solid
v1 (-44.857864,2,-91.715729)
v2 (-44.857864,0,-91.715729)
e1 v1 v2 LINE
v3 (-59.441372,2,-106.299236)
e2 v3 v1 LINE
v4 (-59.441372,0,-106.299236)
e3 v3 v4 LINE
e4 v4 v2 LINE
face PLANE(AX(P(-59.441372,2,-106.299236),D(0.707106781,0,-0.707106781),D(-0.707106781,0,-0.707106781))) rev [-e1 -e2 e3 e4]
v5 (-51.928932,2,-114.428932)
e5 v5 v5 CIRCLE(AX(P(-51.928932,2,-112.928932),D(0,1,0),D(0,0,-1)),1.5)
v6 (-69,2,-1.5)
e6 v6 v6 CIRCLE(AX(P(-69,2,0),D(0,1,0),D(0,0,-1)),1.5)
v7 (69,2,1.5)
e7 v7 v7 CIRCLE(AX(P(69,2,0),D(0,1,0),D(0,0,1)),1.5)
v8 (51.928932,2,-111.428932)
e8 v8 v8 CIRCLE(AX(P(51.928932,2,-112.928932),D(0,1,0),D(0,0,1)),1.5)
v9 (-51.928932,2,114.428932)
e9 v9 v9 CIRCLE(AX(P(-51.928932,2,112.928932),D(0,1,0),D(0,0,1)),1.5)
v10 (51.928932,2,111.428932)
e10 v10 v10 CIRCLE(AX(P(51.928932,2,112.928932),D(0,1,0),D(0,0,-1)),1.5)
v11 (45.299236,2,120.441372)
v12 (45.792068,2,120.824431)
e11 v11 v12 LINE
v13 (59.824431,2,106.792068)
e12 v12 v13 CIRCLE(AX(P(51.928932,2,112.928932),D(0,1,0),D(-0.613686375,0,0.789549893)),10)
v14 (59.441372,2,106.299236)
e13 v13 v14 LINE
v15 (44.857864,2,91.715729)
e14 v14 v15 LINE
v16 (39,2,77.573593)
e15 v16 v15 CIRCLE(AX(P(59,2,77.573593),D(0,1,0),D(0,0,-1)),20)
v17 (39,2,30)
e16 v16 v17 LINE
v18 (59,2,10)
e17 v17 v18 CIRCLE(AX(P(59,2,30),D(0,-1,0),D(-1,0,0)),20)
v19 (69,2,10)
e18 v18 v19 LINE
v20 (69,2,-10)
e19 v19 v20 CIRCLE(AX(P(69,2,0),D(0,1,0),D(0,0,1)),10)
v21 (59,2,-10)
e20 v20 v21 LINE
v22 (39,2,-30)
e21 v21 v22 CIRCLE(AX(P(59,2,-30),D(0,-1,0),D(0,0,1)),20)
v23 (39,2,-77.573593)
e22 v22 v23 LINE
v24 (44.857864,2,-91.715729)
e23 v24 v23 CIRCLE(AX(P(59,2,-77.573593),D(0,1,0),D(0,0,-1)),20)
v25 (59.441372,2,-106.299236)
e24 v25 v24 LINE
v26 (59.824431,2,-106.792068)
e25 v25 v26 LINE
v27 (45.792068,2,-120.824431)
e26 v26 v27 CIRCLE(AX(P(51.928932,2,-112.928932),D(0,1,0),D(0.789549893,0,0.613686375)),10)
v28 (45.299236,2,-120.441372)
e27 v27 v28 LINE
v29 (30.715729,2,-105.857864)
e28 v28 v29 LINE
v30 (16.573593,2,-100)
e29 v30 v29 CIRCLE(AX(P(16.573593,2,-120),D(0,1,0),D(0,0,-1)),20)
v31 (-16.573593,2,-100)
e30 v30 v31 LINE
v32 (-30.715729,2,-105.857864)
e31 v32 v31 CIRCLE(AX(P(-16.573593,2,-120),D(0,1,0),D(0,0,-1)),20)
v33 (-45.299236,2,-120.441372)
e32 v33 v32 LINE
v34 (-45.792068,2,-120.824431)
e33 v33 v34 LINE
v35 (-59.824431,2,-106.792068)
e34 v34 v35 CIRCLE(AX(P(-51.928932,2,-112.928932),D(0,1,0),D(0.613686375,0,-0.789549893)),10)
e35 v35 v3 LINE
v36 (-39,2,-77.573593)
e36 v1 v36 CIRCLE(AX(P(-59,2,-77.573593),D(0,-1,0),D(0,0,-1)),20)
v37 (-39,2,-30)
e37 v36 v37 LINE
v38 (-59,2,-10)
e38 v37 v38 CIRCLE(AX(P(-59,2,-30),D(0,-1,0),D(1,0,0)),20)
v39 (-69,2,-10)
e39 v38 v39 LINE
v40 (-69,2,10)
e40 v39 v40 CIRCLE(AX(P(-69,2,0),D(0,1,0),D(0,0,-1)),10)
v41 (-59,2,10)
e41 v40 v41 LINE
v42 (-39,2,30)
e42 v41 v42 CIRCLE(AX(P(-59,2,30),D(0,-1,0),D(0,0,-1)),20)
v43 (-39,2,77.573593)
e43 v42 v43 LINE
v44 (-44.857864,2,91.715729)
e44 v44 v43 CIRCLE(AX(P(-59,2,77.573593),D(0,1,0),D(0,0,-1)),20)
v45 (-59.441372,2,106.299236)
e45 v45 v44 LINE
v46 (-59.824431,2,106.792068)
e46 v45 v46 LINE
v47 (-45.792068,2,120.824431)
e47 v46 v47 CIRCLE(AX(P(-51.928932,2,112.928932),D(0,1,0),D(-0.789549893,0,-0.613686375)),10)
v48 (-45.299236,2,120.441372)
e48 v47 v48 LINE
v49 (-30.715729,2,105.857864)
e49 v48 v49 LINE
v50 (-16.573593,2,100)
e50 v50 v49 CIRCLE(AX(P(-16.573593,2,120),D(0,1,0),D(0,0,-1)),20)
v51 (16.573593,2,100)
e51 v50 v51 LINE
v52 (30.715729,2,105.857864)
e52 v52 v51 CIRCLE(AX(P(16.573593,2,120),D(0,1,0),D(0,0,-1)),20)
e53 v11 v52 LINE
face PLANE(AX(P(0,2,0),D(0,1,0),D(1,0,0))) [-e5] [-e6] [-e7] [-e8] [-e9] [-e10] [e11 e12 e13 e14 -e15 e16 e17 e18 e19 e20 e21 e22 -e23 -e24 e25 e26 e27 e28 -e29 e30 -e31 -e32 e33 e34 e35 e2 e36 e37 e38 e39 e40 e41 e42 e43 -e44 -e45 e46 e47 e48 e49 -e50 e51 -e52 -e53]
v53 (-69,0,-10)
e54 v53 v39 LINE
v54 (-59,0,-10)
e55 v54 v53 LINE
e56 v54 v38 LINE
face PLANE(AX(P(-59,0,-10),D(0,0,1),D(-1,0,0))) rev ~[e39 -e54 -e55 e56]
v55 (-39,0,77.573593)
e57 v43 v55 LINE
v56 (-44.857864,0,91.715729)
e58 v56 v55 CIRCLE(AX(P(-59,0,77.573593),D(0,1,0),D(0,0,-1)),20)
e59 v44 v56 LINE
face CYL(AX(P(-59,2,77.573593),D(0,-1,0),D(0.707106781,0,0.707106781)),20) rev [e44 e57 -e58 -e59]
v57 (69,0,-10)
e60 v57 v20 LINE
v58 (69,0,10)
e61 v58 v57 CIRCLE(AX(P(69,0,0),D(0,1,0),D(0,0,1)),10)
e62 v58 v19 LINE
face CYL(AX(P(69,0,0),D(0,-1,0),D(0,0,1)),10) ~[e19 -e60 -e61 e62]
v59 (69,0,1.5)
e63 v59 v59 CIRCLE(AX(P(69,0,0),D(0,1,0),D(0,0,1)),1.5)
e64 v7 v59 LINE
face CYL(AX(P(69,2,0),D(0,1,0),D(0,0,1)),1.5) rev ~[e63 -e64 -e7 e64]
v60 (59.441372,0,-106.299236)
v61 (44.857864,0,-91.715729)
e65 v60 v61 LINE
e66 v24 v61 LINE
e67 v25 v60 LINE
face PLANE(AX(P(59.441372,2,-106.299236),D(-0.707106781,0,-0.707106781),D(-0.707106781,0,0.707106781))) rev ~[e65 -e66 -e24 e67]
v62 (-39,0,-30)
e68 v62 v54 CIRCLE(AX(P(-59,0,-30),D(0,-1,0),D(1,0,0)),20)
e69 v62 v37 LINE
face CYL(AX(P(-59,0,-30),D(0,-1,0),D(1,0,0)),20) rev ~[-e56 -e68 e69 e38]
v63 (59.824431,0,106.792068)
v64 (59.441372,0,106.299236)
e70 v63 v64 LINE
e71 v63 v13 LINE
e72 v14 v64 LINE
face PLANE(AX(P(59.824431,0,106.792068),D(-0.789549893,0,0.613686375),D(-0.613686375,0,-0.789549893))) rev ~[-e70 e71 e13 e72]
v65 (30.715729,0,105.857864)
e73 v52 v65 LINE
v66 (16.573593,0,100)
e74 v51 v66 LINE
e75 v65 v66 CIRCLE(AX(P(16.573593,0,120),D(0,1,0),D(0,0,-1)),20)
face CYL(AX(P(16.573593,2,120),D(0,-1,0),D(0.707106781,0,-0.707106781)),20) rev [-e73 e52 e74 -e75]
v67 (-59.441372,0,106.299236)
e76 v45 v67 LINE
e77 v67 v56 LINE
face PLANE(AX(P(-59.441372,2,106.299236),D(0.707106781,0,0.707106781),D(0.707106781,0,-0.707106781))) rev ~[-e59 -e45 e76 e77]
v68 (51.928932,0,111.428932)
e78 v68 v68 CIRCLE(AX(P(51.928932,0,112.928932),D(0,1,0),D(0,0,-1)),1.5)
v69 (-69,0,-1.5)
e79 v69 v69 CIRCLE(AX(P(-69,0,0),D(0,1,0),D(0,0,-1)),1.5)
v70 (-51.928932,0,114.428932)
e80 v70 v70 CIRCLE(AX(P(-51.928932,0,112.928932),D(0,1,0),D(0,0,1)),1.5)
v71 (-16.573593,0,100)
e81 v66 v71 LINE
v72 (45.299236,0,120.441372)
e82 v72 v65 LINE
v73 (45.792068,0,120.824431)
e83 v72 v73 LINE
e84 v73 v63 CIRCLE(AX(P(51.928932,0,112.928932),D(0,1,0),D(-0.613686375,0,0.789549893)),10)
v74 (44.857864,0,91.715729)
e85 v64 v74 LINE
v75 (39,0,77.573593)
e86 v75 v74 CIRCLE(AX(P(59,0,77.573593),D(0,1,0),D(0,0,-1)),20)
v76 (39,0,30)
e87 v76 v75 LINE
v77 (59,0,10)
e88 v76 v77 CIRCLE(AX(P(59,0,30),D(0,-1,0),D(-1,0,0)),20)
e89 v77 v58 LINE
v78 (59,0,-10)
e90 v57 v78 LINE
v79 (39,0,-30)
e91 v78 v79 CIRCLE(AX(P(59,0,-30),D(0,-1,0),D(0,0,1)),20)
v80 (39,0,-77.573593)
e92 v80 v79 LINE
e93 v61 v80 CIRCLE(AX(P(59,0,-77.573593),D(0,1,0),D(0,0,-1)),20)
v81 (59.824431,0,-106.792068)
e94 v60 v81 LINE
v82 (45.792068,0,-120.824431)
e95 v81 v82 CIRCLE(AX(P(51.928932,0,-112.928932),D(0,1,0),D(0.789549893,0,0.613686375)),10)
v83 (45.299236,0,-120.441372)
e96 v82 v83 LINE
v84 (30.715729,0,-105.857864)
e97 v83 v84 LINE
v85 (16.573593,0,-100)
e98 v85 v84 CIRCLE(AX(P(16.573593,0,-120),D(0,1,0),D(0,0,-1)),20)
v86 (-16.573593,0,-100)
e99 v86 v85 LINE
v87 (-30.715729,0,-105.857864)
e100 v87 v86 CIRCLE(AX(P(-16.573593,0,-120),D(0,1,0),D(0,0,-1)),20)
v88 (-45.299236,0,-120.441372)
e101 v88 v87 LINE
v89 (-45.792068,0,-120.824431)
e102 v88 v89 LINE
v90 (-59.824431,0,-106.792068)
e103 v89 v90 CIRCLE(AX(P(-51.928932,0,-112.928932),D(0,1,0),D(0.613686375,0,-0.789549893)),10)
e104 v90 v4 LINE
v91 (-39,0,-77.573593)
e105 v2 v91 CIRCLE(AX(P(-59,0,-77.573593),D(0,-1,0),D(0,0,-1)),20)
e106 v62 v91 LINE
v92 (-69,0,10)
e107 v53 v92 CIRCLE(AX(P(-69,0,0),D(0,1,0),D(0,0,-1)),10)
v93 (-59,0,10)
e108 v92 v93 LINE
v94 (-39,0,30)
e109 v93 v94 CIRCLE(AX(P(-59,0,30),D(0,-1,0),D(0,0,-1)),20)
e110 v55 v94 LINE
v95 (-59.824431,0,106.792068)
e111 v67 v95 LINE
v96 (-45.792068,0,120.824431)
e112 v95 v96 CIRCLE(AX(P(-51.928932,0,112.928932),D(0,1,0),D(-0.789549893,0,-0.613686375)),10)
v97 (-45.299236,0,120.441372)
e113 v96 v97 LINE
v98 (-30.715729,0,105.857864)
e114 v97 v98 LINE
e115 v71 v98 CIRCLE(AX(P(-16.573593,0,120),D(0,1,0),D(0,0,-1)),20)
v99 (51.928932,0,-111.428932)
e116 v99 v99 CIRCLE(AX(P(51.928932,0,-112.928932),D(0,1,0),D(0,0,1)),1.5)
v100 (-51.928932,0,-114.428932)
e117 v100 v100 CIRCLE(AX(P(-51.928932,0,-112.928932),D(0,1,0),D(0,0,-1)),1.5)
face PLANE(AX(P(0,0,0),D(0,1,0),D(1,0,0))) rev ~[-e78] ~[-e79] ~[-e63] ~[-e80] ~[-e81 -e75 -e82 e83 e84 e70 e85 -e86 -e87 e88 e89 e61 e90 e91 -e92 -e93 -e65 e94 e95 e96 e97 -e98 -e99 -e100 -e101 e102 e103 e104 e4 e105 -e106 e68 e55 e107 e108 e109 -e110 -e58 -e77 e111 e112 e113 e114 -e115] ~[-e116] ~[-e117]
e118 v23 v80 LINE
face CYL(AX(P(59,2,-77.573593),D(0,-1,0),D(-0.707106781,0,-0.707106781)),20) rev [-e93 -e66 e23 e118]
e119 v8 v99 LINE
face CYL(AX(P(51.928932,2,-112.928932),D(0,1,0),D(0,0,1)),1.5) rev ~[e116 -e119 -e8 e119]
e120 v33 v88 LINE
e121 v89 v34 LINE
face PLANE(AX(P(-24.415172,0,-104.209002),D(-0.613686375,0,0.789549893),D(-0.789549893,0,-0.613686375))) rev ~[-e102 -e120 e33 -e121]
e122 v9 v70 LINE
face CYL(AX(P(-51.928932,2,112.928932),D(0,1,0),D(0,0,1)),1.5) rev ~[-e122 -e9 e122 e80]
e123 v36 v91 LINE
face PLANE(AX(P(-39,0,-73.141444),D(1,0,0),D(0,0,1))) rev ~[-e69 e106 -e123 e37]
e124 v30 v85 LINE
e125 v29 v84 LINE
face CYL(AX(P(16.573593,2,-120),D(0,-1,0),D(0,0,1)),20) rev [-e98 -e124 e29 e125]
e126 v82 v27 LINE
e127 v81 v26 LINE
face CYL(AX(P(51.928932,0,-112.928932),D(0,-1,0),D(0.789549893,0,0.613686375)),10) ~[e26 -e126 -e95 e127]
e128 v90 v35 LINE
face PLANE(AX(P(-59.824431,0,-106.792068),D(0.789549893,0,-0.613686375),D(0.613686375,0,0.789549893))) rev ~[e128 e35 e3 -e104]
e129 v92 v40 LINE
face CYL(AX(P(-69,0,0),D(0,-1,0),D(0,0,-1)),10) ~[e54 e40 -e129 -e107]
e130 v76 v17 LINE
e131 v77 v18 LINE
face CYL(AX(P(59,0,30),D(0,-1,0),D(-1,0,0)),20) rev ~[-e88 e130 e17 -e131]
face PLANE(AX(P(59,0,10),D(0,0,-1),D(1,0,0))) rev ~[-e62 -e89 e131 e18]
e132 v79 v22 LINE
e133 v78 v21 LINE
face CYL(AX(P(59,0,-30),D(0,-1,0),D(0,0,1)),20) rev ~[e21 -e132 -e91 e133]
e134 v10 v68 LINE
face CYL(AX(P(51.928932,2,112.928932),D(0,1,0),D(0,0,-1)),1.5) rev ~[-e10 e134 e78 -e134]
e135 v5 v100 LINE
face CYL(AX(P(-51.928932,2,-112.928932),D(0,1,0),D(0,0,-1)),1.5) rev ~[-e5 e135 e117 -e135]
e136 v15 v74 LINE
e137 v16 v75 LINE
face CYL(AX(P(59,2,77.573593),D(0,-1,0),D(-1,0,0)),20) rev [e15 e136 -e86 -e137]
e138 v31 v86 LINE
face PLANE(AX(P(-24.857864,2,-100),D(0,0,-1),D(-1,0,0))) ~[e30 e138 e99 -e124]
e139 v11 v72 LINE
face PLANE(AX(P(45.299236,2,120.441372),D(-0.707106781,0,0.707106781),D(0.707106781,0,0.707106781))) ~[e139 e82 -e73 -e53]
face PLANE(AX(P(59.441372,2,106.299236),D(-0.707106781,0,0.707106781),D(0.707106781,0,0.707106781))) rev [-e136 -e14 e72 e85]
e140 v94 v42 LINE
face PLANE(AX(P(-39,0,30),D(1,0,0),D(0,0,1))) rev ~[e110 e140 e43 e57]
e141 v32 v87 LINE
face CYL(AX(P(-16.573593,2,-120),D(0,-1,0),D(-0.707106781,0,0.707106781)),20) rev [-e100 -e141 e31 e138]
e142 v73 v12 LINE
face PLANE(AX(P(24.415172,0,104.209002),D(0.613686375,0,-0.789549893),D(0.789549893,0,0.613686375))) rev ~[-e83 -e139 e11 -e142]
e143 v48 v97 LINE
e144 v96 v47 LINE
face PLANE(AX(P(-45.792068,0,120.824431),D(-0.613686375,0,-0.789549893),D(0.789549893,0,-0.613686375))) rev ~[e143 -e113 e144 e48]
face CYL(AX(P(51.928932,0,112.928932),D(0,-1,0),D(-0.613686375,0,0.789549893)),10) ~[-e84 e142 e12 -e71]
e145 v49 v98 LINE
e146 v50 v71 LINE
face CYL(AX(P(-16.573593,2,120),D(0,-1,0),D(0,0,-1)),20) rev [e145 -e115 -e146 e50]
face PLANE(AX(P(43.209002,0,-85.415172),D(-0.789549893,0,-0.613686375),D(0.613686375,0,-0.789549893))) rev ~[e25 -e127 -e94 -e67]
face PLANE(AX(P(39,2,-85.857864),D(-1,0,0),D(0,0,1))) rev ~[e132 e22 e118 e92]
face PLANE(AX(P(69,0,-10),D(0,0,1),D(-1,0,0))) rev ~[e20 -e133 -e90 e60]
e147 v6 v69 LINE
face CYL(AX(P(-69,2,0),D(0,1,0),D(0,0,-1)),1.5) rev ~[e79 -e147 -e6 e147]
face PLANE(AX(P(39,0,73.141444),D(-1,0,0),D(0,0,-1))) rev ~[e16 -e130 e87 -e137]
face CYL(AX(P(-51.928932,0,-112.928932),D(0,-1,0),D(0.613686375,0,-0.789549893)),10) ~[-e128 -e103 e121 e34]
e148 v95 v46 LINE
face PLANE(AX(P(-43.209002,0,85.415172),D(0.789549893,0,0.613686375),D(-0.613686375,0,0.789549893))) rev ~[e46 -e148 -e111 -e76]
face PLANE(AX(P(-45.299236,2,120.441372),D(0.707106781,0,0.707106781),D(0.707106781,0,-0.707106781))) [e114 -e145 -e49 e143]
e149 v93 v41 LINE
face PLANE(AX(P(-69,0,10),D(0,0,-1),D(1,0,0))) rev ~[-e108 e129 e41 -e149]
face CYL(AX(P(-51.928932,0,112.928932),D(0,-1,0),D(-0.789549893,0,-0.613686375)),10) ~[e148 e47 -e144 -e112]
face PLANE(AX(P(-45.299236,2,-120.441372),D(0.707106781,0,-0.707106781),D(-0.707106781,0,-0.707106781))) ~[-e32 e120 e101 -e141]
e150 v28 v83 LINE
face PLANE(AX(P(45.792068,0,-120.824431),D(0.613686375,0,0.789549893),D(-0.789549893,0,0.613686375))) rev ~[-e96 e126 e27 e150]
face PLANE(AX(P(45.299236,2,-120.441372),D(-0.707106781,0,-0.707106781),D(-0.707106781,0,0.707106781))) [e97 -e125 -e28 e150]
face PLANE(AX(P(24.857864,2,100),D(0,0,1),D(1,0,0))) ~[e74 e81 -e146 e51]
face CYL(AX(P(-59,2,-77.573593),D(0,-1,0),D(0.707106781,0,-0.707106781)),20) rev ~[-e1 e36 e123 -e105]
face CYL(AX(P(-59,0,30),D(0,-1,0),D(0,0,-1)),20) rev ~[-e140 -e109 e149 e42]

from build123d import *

# Parameters (mm, degrees)
EXTRUDE_1_DEPTH       = 2
CUT_EXTRUDE_1_DEPTH   = 147.138709345
MIRROR_2_COPY_1_DEPTH = 147.138709345
FILLET_1_R            = 20
SKETCH_4_R            = 1.5
CUT_EXTRUDE_2_DEPTH   = 147.138709345


with BuildPart() as part:
    # 草图2 → 凸台-拉伸1 (new body)
    with BuildSketch(Plane(origin=(0, 0, 0), x_dir=(1, 0, 0), z_dir=(0, 1, 0))):
        with BuildLine():
            Line((-69, -10), (-59, -10))
            ThreePointArc((-59, -10), (-44.857864376, -15.857864376), (-39, -30))
            Line((-39, -30), (-39, -73.141444367))
            ThreePointArc((-39, -73.141444367), (-40.081491111, -79.629126652), (-43.209002143, -85.415171865))
            Line((-43.209002143, -85.415171865), (-59.824431116, -106.792068439))
            ThreePointArc((-59.824431116, -106.792068439), (-59, -120), (-45.792068439, -120.824431116))
            Line((-45.792068439, -120.824431116), (-24.415171865, -104.209002143))
            ThreePointArc((-24.415171865, -104.209002143), (-18.629126652, -101.081491111), (-12.141444367, -100))
            Line((-12.141444367, -100), (12.141444367, -100))
            ThreePointArc((12.141444367, -100), (18.629126652, -101.081491111), (24.415171865, -104.209002143))
            Line((24.415171865, -104.209002143), (45.792068439, -120.824431116))
            ThreePointArc((45.792068439, -120.824431116), (59, -120), (59.824431116, -106.792068439))
            Line((59.824431116, -106.792068439), (43.209002143, -85.415171865))
            ThreePointArc((43.209002143, -85.415171865), (40.081491111, -79.629126652), (39, -73.141444367))
            Line((39, -73.141444367), (39, -30))
            ThreePointArc((39, -30), (44.857864376, -15.857864376), (59, -10))
            Line((59, -10), (69, -10))
            ThreePointArc((69, -10), (79, 0), (69, 10))
            Line((69, 10), (59, 10))
            ThreePointArc((59, 10), (44.857864376, 15.857864376), (39, 30))
            Line((39, 30), (39, 73.141444367))
            ThreePointArc((39, 73.141444367), (40.081491111, 79.629126652), (43.209002143, 85.415171865))
            Line((43.209002143, 85.415171865), (59.824431116, 106.792068439))
            ThreePointArc((59.824431116, 106.792068439), (59, 120), (45.792068439, 120.824431116))
            Line((45.792068439, 120.824431116), (24.415171865, 104.209002143))
            ThreePointArc((24.415171865, 104.209002143), (18.629126652, 101.081491111), (12.141444367, 100))
            Line((12.141444367, 100), (-12.141444367, 100))
            ThreePointArc((-12.141444367, 100), (-18.629126652, 101.081491111), (-24.415171865, 104.209002143))
            Line((-24.415171865, 104.209002143), (-45.792068439, 120.824431116))
            ThreePointArc((-45.792068439, 120.824431116), (-59, 120), (-59.824431116, 106.792068439))
            Line((-59.824431116, 106.792068439), (-43.209002143, 85.415171865))
            ThreePointArc((-43.209002143, 85.415171865), (-40.081491111, 79.629126652), (-39, 73.141444367))
            Line((-39, 73.141444367), (-39, 30))
            ThreePointArc((-39, 30), (-44.857864376, 15.857864376), (-59, 10))
            Line((-59, 10), (-69, 10))
            ThreePointArc((-69, 10), (-79, 0), (-69, -10))
        make_face()
    extrude(amount=EXTRUDE_1_DEPTH)

    # 草图3 → 切除-拉伸1 (cut, through all)
    with BuildSketch(Plane(origin=(0, 2, 0), x_dir=(1, 0, 0), z_dir=(0, 1, 0))):
        Polygon((24.857864376, 100), (12.141444367, 100), (45.299236161, 120.441371785), align=None)
        Polygon((39, 73.141444367), (59.441371785, 106.299236161), (39, 85.857864376), align=None)
    cut_extrude_1 = extrude(amount=-CUT_EXTRUDE_1_DEPTH, mode=Mode.SUBTRACT)

    # 镜向1: 切除-拉伸1 across plane
    add(cut_extrude_1.mirror(Plane.XY), mode=Mode.SUBTRACT)

    # 镜向2: 切除-拉伸1 across plane
    add(cut_extrude_1.mirror(Plane(origin=(0, 0, 0), x_dir=(0, 0, 1), z_dir=(1, 0, 0))), mode=Mode.SUBTRACT)

    # 镜向2 copy 1 sketch → 镜向2 copy 1 (cut, through all)
    with BuildSketch(Plane(origin=(0, 2, 0), x_dir=(-1, 0, 0), z_dir=(0, 1, 0))):
        Polygon((24.857864376, 100), (12.141444367, 100), (45.299236161, 120.441371785), align=None)
        Polygon((39, 73.141444367), (59.441371785, 106.299236161), (39, 85.857864376), align=None)
    extrude(amount=-MIRROR_2_COPY_1_DEPTH, mode=Mode.SUBTRACT)

    # 圆角1
    fillet_1_edges = [part.edges().sort_by_distance(p)[0] for p in [
        (39, 1, -85.857864376),
        (24.857864376, 1, -100),
        (39, 1, 85.857864376),
        (24.857864376, 1, 100),
        (-39, 1, -85.857864376),
        (-24.857864376, 1, -100),
        (-39, 1, 85.857864376),
        (-24.857864376, 1, 100),
    ]]
    fillet(fillet_1_edges, radius=FILLET_1_R)

    # 草图4 → 切除-拉伸2 (cut, through all)
    with BuildSketch(Plane(origin=(0, 2, 0), x_dir=(1, 0, 0), z_dir=(0, 1, 0))):
        with Locations(Location((69, 0, 0), (0, 0, 270))):
            Circle(SKETCH_4_R)
        with Locations(Location((51.928932188, 112.928932188, 0), (0, 0, 270))):
            Circle(SKETCH_4_R)
        with Locations(Location((51.928932188, -112.928932188, 0), (0, 0, 90))):
            Circle(SKETCH_4_R)
        with Locations(Location((-69, 0, 0), (0, 0, 90))):
            Circle(SKETCH_4_R)
        with Locations(Location((-51.928932188, 112.928932188, 0), (0, 0, 90))):
            Circle(SKETCH_4_R)
        with Locations(Location((-51.928932188, -112.928932188, 0), (0, 0, 270))):
            Circle(SKETCH_4_R)
    extrude(amount=-CUT_EXTRUDE_2_DEPTH, mode=Mode.SUBTRACT)


solid = part.part
